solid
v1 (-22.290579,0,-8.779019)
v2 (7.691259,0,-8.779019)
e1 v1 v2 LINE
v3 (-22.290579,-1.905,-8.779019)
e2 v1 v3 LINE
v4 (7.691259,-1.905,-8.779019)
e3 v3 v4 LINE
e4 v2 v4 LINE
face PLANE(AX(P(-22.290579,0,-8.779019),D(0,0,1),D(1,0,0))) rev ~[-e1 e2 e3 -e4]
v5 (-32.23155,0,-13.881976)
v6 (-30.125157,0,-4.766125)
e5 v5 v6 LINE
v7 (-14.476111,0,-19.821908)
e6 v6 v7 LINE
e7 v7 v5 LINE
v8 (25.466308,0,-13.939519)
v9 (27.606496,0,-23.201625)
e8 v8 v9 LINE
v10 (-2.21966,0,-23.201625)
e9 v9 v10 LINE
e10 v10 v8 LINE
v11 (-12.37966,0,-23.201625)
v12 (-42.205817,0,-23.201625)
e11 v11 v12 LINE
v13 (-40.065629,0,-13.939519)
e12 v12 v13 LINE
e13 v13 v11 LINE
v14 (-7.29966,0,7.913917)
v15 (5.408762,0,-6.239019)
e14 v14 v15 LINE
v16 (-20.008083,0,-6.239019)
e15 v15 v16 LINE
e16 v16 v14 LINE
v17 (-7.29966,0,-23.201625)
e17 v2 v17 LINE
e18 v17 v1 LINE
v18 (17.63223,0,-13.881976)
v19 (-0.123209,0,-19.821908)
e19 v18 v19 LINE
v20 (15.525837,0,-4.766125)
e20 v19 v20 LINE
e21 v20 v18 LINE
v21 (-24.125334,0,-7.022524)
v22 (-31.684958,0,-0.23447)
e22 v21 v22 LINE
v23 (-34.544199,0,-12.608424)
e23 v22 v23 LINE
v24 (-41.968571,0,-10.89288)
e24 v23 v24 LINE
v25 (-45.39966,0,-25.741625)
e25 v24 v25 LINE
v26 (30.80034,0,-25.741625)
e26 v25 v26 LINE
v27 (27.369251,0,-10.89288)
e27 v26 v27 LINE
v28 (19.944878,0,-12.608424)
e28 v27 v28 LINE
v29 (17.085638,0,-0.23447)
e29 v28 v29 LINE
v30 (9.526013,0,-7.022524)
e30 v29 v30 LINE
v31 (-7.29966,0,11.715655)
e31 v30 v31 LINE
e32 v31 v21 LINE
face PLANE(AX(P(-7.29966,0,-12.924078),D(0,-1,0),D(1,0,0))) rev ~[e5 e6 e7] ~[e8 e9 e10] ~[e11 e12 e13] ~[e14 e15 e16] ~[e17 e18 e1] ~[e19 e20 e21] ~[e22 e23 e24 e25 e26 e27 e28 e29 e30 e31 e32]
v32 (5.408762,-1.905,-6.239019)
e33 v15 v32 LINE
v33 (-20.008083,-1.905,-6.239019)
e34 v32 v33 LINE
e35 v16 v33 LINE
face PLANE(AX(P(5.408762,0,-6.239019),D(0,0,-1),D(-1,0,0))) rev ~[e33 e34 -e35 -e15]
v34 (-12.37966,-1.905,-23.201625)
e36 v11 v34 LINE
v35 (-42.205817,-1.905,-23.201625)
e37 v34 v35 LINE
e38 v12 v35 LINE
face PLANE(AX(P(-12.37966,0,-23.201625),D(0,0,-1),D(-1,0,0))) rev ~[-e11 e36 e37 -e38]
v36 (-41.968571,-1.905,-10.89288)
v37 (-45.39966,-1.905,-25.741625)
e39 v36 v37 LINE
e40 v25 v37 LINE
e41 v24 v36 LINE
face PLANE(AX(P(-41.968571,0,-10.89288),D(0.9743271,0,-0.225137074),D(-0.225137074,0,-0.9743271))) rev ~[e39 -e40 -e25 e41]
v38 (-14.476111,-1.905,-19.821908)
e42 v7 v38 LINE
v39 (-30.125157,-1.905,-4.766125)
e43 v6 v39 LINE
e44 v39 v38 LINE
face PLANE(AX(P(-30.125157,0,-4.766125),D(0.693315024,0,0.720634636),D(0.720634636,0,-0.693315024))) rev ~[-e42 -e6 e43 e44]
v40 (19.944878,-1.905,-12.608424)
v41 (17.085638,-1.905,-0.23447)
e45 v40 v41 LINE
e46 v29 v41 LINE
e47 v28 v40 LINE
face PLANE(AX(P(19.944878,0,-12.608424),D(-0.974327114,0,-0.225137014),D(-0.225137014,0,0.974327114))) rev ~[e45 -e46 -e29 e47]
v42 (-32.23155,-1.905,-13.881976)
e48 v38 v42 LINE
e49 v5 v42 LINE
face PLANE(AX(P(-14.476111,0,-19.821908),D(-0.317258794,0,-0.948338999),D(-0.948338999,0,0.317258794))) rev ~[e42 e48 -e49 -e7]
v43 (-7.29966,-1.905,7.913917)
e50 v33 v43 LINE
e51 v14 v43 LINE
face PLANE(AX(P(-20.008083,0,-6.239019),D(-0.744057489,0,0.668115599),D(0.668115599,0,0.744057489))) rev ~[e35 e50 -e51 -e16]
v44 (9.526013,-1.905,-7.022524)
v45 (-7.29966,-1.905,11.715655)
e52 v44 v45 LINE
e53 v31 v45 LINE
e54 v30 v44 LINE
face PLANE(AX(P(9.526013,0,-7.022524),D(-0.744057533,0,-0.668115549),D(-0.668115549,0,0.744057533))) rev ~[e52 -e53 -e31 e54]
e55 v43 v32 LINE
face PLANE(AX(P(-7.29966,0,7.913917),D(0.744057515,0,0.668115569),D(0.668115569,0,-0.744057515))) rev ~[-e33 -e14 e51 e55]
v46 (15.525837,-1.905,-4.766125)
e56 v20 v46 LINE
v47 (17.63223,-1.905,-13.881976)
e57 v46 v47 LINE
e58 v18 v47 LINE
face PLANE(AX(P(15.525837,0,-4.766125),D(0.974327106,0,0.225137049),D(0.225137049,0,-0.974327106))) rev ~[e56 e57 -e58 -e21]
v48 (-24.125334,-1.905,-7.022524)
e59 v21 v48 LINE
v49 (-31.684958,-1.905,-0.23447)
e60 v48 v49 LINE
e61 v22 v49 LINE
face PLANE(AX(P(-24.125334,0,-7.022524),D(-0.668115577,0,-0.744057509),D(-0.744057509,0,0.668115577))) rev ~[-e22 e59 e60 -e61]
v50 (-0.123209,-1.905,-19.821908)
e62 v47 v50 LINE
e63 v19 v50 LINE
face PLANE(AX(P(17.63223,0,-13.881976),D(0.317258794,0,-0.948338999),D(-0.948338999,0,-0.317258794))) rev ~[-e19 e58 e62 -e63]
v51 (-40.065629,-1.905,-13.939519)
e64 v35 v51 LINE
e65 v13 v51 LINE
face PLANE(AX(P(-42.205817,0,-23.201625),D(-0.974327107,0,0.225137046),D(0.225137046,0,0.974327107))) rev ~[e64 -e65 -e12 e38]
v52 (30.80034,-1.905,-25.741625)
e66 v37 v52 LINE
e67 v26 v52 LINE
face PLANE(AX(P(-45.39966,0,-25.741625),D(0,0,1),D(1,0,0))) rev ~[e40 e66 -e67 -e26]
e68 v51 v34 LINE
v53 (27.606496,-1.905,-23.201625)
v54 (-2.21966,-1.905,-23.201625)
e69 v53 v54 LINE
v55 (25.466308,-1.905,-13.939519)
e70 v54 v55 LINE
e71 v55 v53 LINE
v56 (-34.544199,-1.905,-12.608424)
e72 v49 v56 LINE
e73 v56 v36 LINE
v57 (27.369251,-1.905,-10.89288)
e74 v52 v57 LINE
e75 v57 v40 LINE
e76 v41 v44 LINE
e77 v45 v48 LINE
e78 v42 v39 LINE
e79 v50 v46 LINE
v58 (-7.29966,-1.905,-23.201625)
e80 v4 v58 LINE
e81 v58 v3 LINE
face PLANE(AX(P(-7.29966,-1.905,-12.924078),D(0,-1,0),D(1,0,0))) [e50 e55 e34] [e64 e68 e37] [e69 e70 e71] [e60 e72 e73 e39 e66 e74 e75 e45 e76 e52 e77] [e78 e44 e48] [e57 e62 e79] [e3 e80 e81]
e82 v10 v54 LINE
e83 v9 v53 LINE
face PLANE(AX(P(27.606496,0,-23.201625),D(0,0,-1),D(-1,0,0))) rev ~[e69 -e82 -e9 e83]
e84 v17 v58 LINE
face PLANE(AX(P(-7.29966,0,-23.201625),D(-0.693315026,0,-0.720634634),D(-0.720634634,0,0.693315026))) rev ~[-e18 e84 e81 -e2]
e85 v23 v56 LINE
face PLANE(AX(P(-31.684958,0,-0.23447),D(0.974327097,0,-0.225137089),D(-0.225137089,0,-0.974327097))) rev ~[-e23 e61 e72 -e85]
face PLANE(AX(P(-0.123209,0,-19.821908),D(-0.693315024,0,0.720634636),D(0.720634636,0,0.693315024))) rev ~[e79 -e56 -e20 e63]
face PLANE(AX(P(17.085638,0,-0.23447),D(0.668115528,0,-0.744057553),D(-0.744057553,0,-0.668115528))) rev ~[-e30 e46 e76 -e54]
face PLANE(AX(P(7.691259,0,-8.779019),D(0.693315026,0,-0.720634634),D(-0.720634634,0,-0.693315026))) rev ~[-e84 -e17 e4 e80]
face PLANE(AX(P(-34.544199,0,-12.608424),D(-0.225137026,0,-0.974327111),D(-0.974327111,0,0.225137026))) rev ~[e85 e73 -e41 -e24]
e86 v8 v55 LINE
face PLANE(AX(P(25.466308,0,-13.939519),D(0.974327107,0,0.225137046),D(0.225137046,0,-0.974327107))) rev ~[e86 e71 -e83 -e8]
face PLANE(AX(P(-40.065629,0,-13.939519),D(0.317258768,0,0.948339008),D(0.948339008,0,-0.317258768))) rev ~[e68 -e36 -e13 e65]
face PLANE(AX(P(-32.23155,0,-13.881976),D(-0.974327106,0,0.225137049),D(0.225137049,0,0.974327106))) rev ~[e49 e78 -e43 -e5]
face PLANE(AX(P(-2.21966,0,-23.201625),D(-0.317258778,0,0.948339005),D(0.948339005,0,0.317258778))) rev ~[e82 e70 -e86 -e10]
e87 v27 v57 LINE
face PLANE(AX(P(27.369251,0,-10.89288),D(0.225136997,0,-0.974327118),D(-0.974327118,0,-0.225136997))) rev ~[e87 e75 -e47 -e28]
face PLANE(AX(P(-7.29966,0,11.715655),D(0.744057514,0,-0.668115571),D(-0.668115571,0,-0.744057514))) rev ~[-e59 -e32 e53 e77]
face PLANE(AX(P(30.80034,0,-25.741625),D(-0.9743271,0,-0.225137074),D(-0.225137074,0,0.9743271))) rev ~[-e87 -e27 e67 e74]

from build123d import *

# Parameters (mm, degrees)
F1_DEPTH = 1.905


with BuildPart() as f1:
    # F0 (on Front) → F1 (new body)
    with BuildSketch(Plane.XZ):
        Polygon((-41.968571, -10.89288), (-45.39966, -25.741625), (30.80034, -25.741625), (27.369251, -10.89288), (19.944878, -12.608424), (17.085638, -0.23447), (9.526013, -7.022524), (-7.29966, 11.715655), (-24.125334, -7.022524), (-31.684958, -0.23447), (-34.544199, -12.608424), align=None)
        Polygon((-42.205817, -23.201625), (-40.065629, -13.939519), (-12.37966, -23.201625), align=None, mode=Mode.SUBTRACT)
        Polygon((-32.23155, -13.881976), (-30.125157, -4.766125), (-14.476111, -19.821908), align=None, mode=Mode.SUBTRACT)
        Polygon((-7.29966, -23.201625), (-22.290579, -8.779019), (7.691259, -8.779019), align=None, mode=Mode.SUBTRACT)
        Polygon((-2.21966, -23.201625), (25.466308, -13.939519), (27.606496, -23.201625), align=None, mode=Mode.SUBTRACT)
        Polygon((17.63223, -13.881976), (-0.123209, -19.821908), (15.525837, -4.766125), align=None, mode=Mode.SUBTRACT)
        Polygon((-20.008083, -6.239019), (-7.29966, 7.913917), (5.408762, -6.239019), align=None, mode=Mode.SUBTRACT)
    extrude(amount=F1_DEPTH)


solid = f1.part
